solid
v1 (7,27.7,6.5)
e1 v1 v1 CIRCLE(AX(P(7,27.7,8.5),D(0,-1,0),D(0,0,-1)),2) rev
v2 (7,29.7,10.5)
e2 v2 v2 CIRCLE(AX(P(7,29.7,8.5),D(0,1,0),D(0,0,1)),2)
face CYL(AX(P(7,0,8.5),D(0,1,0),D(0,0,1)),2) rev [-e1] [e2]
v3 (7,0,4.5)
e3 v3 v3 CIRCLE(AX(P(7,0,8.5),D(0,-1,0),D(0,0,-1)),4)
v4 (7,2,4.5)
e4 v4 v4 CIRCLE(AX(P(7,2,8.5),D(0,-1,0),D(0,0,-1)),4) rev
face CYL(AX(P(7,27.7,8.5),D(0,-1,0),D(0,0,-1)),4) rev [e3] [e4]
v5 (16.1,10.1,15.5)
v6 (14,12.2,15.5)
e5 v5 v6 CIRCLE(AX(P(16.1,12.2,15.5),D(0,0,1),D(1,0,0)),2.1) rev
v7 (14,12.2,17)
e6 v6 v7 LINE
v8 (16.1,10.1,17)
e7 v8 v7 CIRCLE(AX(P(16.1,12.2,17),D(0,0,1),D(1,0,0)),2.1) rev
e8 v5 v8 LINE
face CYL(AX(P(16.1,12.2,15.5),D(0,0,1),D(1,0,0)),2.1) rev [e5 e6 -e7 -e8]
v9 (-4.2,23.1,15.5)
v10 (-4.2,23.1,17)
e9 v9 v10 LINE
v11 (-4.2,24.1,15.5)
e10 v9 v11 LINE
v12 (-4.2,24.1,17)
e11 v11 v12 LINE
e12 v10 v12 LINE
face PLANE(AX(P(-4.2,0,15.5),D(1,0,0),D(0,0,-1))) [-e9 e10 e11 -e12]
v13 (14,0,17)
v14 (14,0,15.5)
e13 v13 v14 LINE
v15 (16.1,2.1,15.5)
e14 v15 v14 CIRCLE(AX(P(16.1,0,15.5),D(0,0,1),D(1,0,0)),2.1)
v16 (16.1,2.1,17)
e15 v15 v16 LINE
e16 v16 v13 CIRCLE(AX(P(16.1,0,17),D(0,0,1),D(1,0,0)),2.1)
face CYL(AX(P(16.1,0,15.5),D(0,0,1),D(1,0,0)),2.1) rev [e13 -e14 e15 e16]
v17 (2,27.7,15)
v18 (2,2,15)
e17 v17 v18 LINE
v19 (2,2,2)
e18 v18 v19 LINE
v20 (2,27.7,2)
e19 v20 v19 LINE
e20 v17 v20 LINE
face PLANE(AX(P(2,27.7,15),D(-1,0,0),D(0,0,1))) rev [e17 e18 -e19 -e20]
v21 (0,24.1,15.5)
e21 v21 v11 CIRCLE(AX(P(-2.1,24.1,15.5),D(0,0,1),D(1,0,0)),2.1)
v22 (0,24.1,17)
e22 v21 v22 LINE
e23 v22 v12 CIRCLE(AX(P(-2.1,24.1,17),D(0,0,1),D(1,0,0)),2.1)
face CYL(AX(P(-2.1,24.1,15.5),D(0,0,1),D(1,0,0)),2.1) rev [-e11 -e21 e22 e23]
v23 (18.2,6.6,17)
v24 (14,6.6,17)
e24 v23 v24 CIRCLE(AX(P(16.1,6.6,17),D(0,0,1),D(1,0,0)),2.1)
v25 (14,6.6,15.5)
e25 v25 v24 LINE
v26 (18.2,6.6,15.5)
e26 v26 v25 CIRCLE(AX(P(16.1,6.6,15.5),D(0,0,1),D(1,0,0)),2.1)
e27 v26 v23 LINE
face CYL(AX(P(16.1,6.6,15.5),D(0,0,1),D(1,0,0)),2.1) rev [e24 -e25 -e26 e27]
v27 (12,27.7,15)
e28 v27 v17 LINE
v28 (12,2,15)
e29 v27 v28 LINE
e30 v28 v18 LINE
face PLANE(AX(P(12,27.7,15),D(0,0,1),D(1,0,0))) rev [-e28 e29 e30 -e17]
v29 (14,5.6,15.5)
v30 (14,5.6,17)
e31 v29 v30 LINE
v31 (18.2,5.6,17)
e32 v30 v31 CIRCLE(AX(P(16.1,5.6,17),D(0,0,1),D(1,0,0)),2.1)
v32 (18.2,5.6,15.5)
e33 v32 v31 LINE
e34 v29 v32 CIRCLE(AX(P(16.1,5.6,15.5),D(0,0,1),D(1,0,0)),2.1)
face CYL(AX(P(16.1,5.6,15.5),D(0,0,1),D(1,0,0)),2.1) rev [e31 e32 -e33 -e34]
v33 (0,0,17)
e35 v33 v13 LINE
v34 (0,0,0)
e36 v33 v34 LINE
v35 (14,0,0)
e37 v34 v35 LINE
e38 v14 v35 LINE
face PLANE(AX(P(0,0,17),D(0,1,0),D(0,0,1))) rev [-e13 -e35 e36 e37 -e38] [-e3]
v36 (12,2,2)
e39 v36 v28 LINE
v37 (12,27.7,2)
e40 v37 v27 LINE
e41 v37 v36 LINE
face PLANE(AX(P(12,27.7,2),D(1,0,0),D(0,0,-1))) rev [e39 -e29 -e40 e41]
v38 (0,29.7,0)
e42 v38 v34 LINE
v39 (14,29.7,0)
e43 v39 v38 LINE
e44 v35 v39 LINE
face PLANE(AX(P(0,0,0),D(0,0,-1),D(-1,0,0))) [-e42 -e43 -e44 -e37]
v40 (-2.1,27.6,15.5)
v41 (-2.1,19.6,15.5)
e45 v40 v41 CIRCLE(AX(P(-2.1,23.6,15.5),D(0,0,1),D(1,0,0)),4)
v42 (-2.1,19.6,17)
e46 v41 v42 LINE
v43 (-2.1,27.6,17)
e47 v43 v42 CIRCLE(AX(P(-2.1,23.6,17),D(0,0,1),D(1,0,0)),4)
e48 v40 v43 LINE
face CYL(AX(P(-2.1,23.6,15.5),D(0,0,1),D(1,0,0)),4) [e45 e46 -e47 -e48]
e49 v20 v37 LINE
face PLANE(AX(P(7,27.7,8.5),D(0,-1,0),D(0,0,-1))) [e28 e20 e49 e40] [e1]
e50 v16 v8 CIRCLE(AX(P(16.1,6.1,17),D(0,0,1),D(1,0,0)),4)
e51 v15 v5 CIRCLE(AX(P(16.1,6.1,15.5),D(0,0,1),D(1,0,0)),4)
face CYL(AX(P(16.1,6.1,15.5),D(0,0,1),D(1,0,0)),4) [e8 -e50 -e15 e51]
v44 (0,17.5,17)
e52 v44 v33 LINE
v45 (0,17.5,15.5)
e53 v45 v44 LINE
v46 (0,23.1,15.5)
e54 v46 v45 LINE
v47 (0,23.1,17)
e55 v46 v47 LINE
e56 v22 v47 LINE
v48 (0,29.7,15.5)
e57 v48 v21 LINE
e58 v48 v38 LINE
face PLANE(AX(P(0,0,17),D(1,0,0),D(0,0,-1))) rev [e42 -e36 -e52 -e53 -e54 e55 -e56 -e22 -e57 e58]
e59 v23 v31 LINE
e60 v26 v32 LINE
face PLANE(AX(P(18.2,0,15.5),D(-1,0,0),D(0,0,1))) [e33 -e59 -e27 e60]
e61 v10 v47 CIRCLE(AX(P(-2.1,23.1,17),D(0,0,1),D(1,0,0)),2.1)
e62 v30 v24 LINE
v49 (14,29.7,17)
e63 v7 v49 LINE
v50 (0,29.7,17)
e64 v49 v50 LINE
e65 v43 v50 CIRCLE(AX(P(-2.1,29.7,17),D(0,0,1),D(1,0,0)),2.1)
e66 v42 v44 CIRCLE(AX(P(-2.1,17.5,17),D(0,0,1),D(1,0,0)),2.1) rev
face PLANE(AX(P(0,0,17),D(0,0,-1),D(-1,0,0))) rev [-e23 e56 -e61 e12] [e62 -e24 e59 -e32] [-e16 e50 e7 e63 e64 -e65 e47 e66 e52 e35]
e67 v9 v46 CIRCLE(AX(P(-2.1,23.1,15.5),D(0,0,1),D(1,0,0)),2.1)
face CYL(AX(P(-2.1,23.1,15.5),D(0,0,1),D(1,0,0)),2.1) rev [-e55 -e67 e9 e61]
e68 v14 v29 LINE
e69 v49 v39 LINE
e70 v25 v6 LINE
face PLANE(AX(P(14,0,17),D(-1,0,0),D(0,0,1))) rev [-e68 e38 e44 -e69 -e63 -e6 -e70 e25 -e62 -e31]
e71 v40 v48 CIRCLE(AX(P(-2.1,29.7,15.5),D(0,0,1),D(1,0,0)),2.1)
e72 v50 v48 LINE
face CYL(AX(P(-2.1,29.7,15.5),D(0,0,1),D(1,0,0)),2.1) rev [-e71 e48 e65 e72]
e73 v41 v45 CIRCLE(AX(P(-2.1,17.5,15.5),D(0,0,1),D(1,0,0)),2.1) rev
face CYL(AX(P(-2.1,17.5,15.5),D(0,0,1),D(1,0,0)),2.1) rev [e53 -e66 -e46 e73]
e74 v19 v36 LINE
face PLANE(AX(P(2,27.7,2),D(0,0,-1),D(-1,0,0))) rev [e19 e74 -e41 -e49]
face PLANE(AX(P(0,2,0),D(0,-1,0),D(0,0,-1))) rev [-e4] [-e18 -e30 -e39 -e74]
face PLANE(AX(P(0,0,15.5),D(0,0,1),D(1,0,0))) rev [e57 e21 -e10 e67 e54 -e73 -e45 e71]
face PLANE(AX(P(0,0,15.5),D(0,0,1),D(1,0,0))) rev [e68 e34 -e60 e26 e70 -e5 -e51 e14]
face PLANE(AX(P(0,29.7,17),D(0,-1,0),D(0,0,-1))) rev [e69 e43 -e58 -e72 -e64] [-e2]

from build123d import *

# Parameters (mm, degrees)
SKETCH1_W           = 14
SKETCH1_H           = 29.7
BOSS_EXTRUDE1_DEPTH = 17
SKETCH2_R           = 2
CUT_EXTRUDE1_DEPTH  = 30.7
SKETCH3_R           = 4
CUT_EXTRUDE2_DEPTH  = 27.7
CUT_EXTRUDE4_START  = -2
SKETCH4_W           = 10
SKETCH4_H           = 13
CUT_EXTRUDE4_DEPTH  = 25.7
BOSS_EXTRUDE2_DEPTH = 1.5


with BuildPart() as part:
    # Sketch1 → Boss-Extrude1 (new body)
    with BuildSketch(Plane.XY):
        with Locations((7, 14.85)):
            Rectangle(SKETCH1_W, SKETCH1_H)
    extrude(amount=BOSS_EXTRUDE1_DEPTH)

    # Sketch2 → Cut-Extrude1 (cut, through all)
    with BuildSketch(Plane(origin=(0, 29.7, 0), x_dir=(1, 0, 0), z_dir=(0, 1, 0))):
        with Locations((7, -8.5)):
            Circle(SKETCH2_R)
    extrude(amount=-CUT_EXTRUDE1_DEPTH, mode=Mode.SUBTRACT)

    # Sketch3 → Cut-Extrude2 (cut)
    with BuildSketch(Plane.XZ):
        with Locations((7, 8.5)):
            Circle(SKETCH3_R)
    extrude(amount=-CUT_EXTRUDE2_DEPTH, mode=Mode.SUBTRACT)

    # Sketch4 → Cut-Extrude4 (cut)
    with BuildSketch(Plane.XZ.offset(CUT_EXTRUDE4_START)):
        with Locations((7, 8.5)):
            Rectangle(SKETCH4_W, SKETCH4_H)
    extrude(amount=-CUT_EXTRUDE4_DEPTH, mode=Mode.SUBTRACT)

    # Sketch5 → Boss-Extrude2 (add)
    with BuildSketch(Plane.XY.offset(17)):
        with BuildLine():
            ThreePointArc((0, 23.1), (-2.1, 21), (-4.2, 23.1))
            Line((-4.2, 23.1), (-4.2, 24.1))
            ThreePointArc((-4.2, 24.1), (-2.1, 26.2), (0, 24.1))
            Line((0, 24.1), (0, 29.7))
            ThreePointArc((0, 29.7), (-0.61507576, 28.21507576), (-2.1, 27.6))
            ThreePointArc((-2.1, 27.6), (-6.1, 23.6), (-2.1, 19.6))
            ThreePointArc((-2.1, 19.6), (-0.61507576, 18.98492424), (0, 17.5))
            Line((0, 17.5), (0, 23.1))
        make_face()
        with BuildLine():
            Line((14, 5.6), (14, 0))
            ThreePointArc((14, 0), (14.61507576, 1.48492424), (16.1, 2.1))
            ThreePointArc((16.1, 2.1), (20.1, 6.1), (16.1, 10.1))
            ThreePointArc((16.1, 10.1), (14.61507576, 10.71507576), (14, 12.2))
            Line((14, 12.2), (14, 6.6))
            ThreePointArc((14, 6.6), (16.1, 8.7), (18.2, 6.6))
            Line((18.2, 6.6), (18.2, 5.6))
            ThreePointArc((18.2, 5.6), (16.1, 3.5), (14, 5.6))
        make_face()
    extrude(amount=-BOSS_EXTRUDE2_DEPTH)


solid = part.part
